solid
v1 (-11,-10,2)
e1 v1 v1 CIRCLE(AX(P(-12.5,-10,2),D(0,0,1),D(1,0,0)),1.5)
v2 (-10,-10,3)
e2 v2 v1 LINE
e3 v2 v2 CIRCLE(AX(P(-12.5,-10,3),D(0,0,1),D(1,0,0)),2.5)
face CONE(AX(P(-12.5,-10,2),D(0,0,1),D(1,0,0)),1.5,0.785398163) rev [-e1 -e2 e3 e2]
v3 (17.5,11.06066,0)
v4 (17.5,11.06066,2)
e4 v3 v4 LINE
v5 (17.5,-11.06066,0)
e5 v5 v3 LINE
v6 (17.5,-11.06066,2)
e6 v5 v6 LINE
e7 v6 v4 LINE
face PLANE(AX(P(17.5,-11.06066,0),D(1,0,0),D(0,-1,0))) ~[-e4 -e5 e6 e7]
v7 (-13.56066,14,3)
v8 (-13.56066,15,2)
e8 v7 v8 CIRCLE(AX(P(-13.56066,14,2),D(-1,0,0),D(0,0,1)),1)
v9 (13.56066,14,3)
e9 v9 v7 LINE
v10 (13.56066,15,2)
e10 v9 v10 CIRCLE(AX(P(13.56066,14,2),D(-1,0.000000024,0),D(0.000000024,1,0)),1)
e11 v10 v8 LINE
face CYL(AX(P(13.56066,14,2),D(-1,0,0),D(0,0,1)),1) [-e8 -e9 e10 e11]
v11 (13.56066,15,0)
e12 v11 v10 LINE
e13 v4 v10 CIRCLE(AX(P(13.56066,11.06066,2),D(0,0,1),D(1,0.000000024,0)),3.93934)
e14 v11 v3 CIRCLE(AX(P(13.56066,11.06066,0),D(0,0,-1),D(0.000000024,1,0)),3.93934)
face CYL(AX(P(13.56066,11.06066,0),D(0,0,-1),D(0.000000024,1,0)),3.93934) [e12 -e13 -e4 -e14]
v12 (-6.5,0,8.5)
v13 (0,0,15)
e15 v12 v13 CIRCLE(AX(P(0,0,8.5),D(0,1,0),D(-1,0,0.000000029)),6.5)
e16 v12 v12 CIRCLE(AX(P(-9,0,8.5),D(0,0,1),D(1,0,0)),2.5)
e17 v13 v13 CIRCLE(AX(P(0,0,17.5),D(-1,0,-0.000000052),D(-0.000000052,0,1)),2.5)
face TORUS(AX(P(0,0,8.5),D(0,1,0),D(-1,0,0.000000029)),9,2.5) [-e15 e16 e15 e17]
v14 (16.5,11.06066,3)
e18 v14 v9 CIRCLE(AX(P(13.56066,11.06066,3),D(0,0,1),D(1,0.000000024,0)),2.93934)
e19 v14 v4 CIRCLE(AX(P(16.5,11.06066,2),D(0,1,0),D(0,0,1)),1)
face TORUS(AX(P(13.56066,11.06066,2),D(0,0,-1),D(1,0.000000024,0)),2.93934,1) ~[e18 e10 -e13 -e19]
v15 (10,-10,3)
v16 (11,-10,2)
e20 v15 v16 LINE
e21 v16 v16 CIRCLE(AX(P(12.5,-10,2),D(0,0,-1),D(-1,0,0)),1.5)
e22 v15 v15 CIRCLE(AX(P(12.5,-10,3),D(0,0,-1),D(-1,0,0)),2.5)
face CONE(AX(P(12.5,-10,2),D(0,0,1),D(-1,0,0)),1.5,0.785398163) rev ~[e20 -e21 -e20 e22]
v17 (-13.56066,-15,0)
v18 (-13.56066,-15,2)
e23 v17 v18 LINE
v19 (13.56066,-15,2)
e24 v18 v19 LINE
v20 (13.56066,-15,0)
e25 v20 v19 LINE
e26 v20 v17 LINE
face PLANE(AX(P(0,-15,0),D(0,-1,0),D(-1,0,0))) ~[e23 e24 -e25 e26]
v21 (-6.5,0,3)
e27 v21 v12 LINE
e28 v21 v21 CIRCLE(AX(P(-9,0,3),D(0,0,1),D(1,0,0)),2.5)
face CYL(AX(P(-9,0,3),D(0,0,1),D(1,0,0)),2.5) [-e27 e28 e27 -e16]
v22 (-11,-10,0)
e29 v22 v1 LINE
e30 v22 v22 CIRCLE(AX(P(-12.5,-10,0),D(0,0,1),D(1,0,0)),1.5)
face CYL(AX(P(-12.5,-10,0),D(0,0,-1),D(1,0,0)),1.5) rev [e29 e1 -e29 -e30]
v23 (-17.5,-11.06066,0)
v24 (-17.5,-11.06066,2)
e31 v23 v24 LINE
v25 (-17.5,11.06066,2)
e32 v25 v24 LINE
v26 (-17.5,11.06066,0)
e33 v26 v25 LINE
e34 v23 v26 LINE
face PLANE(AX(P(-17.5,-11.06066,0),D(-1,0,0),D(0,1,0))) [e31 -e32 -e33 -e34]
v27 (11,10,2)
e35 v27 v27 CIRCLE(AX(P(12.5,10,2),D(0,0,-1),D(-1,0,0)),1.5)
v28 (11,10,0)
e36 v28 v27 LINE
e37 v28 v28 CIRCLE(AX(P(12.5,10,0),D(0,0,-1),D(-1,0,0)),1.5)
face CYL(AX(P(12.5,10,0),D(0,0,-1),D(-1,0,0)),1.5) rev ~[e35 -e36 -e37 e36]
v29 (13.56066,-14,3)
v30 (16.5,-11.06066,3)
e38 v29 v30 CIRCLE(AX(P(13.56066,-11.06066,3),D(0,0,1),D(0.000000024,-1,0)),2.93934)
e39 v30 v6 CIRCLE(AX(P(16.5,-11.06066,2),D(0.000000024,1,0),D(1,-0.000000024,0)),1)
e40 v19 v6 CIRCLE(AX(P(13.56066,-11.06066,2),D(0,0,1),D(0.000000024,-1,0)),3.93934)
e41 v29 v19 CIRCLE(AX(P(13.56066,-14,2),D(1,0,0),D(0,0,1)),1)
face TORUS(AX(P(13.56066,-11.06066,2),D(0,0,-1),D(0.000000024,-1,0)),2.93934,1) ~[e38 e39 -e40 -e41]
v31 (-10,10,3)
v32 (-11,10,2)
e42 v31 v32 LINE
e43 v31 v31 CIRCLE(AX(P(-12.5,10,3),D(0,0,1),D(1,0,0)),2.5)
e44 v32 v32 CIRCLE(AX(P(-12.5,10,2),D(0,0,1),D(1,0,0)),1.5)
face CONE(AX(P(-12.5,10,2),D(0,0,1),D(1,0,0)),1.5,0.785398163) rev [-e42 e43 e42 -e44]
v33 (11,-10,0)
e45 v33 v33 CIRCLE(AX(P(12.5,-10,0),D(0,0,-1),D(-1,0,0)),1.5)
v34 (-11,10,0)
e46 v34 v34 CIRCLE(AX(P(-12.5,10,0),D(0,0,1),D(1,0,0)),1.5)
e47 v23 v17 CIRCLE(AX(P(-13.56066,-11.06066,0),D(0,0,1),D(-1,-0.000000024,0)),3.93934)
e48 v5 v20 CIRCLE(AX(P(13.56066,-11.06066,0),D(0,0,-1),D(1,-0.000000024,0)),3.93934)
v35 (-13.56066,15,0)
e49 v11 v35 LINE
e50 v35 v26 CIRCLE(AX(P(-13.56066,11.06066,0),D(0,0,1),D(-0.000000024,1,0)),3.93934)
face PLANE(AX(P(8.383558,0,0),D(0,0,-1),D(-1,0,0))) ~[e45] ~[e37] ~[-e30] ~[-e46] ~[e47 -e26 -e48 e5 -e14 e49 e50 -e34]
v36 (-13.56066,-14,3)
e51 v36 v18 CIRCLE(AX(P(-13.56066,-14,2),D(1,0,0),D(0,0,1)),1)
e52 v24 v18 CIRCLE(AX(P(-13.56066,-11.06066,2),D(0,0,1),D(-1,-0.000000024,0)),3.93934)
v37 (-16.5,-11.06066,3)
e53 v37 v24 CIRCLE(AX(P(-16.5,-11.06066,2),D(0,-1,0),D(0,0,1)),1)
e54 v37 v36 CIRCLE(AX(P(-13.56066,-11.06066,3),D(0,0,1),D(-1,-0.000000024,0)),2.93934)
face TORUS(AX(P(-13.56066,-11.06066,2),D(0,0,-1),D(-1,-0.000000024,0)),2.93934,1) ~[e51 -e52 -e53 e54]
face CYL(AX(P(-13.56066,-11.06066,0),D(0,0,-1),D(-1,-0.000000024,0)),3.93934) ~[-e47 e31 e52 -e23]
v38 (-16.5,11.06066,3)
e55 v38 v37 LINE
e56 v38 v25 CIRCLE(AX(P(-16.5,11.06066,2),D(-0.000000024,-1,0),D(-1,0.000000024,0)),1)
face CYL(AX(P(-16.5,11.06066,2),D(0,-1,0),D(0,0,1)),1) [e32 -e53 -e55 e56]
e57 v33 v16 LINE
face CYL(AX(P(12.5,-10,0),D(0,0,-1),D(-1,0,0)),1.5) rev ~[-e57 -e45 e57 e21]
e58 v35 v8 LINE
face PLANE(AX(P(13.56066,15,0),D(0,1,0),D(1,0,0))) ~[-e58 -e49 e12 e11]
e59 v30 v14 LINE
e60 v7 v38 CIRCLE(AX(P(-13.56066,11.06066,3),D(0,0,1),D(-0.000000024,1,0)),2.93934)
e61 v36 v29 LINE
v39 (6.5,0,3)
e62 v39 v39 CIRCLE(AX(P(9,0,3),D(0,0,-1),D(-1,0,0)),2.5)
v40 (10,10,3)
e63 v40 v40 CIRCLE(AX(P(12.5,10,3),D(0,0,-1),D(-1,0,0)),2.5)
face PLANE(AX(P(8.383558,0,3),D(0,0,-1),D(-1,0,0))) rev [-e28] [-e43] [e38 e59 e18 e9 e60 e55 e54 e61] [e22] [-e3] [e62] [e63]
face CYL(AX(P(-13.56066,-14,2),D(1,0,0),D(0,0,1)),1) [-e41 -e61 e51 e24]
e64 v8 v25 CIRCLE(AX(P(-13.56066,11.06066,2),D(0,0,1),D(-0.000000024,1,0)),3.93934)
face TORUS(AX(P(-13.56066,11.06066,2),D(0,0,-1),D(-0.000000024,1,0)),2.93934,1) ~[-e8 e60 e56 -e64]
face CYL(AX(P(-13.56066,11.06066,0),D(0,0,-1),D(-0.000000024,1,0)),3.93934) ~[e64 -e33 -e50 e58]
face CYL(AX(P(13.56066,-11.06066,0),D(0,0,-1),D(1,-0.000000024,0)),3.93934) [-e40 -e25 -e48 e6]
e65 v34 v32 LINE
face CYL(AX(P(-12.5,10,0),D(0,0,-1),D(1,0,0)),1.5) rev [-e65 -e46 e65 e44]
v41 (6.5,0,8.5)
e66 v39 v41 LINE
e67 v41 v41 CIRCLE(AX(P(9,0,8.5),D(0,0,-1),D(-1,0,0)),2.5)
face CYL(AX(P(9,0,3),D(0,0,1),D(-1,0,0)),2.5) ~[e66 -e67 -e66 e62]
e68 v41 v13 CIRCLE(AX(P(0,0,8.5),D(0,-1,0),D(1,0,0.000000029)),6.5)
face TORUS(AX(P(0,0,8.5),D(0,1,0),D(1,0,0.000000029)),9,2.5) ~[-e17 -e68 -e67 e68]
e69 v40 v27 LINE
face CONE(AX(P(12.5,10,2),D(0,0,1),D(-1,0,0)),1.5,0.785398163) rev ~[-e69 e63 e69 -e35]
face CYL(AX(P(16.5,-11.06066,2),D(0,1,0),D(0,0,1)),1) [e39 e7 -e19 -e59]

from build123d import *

# Parameters (mm, degrees)
SKETCH001_R  = 1.5
PAD_DEPTH    = 3
SKETCH002_R  = 2.5
CHAMFER_SIZE = 1
FILLET_R     = 1


with BuildPart() as part:
    # Sketch001 → Pad (new body)
    with BuildSketch(Plane.XY):
        with BuildLine():
            Line((0, 15), (0, -15))
            Line((0, -15), (-13.56066, -15))
            ThreePointArc((-17.5, -11.06066), (-16.346194, -13.846194), (-13.56066, -15))
            Line((-17.5, -11.06066), (-17.5, 11.06066))
            ThreePointArc((-13.56066, 15), (-16.346194, 13.846194), (-17.5, 11.06066))
            Line((-13.56066, 15), (0, 15))
        make_face()
        with Locations((-12.5, -10)):
            Circle(SKETCH001_R, mode=Mode.SUBTRACT)
        with Locations((-12.5, 10)):
            Circle(SKETCH001_R, mode=Mode.SUBTRACT)
    pad = extrude(amount=PAD_DEPTH)

    # AdditivePipe: sweep along a path in Sketch
    with BuildLine(Plane.XZ) as additivepipe_path:
        Line((-6.5, 3), (-6.5, 8.5))
        ThreePointArc((-6.5, 8.5), (-4.596194, 13.096194), (0, 15))
    # Sketch002 (on Face10 of Pad) → AdditivePipe (sweep)
    with BuildSketch(Plane.XY.offset(3)):
        with Locations((-9, 0)):
            Circle(SKETCH002_R)
    additivepipe = sweep(path=additivepipe_path.line)

    # Mirrored: Pad, AdditivePipe across Sketch001 V_Axis
    add(pad.mirror(Plane(origin=(0, 0, 0), x_dir=(0, 0, 1), z_dir=(1, 0, 0))))
    add(additivepipe.mirror(Plane(origin=(0, 0, 0), x_dir=(0, 0, 1), z_dir=(1, 0, 0))))

    # Chamfer
    chamfer_edges = [part.edges().sort_by_distance(p)[0] for p in [
        (14, 10, 3),
        (-14, 10, 3),
        (-14, -10, 3),
        (14, -10, 3),
    ]]
    chamfer(chamfer_edges, length=CHAMFER_SIZE)

    # Fillet
    fillet_edges = [part.edges().sort_by_distance(p)[0] for p in [
        (-6.78033, -15, 3),
    ]]
    fillet(fillet_edges, radius=FILLET_R)


solid = part.part
